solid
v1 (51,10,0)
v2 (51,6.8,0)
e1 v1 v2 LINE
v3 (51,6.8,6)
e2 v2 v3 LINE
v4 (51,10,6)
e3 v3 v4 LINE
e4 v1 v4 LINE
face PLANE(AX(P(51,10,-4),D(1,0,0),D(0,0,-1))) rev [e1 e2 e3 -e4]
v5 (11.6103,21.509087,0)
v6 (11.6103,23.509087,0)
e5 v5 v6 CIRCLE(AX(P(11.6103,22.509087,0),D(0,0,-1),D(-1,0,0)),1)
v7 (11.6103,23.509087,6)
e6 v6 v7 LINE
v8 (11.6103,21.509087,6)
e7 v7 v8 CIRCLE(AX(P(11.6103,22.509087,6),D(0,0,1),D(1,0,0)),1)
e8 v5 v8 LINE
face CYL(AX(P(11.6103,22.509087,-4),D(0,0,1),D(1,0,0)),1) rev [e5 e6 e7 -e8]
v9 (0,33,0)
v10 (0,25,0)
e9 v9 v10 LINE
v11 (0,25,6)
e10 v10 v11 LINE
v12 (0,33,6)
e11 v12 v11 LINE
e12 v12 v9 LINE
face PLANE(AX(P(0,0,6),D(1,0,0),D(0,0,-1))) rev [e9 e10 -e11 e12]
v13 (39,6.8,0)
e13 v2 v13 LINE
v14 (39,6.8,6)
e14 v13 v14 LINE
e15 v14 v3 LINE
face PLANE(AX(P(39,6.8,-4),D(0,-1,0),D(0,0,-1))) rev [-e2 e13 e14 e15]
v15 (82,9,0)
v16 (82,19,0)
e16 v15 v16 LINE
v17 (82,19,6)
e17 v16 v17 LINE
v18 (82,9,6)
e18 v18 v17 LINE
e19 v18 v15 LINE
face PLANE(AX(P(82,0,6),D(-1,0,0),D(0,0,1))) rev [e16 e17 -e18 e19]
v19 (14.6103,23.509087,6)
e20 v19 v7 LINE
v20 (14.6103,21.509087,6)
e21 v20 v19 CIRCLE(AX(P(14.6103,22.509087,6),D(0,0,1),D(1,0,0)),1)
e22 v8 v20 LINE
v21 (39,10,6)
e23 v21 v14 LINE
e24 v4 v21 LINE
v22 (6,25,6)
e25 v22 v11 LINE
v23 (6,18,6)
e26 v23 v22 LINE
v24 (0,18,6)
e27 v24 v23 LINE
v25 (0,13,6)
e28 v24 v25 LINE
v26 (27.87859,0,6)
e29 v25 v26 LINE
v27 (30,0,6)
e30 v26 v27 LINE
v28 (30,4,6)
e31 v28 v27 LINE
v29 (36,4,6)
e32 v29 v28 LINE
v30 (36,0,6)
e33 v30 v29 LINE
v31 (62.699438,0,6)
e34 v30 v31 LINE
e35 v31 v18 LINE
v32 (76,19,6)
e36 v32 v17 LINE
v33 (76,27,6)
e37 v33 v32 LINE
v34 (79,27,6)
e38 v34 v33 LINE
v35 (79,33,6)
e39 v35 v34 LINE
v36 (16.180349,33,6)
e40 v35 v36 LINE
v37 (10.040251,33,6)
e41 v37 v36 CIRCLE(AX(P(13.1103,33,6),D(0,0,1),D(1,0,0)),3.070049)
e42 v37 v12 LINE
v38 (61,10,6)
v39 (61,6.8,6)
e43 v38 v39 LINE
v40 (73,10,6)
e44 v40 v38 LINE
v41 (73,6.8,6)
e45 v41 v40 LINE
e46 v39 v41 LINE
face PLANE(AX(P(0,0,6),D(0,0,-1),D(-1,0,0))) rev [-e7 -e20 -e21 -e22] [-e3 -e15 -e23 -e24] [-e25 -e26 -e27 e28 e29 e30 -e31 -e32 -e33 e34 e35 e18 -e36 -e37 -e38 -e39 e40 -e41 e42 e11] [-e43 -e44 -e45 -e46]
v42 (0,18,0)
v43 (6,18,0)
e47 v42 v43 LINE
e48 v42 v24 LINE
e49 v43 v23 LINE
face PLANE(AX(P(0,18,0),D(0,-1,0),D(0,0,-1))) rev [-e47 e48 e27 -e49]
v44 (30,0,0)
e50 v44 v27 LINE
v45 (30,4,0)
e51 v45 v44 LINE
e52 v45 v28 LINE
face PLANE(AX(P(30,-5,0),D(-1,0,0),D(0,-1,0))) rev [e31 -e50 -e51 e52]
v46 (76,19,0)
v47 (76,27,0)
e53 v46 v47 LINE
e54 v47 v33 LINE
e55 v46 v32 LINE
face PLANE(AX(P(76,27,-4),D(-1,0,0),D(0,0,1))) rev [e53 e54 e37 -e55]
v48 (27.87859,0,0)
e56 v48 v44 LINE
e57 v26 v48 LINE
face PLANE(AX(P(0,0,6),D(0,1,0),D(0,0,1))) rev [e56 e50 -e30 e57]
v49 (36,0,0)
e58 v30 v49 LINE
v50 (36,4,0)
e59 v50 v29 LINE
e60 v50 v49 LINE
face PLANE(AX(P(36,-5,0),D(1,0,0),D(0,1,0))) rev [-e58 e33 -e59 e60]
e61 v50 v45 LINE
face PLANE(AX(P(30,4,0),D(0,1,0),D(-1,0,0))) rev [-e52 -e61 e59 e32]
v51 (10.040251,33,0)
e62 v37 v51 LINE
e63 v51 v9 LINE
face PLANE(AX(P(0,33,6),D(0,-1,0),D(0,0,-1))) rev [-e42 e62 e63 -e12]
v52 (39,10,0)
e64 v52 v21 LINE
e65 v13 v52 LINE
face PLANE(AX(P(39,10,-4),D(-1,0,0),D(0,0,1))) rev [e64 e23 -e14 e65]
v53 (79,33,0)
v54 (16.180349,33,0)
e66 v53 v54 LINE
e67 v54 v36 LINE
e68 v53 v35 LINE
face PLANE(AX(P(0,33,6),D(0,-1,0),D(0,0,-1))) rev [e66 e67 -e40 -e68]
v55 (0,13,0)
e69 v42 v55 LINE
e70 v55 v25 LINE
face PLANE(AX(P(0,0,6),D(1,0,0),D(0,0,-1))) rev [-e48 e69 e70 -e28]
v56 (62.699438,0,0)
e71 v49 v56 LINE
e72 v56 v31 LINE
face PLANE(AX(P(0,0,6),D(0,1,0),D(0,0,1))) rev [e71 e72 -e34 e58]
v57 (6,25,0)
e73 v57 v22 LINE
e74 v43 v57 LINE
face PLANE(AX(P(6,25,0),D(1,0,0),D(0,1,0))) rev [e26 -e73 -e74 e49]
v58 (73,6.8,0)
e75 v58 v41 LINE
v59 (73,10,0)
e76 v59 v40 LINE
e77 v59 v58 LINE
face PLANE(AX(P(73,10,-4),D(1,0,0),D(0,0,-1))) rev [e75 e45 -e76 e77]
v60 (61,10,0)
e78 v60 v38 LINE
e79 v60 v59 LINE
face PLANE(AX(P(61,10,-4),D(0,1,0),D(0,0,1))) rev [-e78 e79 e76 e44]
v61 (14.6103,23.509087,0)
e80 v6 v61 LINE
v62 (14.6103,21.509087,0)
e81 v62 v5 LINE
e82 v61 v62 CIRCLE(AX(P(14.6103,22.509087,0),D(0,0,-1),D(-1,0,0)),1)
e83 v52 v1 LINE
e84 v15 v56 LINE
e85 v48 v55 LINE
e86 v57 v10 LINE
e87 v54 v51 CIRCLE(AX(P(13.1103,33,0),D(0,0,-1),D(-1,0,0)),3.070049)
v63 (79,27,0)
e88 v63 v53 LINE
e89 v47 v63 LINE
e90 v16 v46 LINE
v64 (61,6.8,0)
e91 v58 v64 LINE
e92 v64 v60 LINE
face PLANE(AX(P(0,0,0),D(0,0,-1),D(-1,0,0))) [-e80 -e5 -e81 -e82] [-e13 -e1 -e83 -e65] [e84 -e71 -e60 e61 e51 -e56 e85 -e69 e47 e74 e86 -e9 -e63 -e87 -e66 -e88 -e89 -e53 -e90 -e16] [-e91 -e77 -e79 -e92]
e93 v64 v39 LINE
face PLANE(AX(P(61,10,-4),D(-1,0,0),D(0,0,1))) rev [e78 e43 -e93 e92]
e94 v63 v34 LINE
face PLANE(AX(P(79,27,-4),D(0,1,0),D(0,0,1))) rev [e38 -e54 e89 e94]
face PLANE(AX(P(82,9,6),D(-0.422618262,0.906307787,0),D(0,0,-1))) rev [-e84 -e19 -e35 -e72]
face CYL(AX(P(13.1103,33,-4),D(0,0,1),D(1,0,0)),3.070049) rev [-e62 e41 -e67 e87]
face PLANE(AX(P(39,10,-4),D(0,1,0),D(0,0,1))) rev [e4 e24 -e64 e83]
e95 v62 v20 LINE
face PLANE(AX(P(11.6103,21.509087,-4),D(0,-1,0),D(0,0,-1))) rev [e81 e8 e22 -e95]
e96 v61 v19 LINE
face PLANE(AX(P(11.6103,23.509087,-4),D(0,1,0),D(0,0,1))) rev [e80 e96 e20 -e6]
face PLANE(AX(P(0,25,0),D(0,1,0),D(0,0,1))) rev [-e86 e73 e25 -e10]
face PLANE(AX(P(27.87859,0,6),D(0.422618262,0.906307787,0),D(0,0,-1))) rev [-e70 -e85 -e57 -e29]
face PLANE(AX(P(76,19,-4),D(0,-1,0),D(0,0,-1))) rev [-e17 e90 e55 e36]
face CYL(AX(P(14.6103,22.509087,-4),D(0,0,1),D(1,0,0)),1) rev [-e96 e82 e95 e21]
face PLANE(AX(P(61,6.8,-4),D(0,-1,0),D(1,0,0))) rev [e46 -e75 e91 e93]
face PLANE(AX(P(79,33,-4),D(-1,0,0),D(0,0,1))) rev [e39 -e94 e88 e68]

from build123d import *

# Parameters (mm, degrees)
ESQUISSE1_W             = 82
ESQUISSE1_H             = 33
BOSS_EXTRU_1_DEPTH      = 6
ENL_V_MAT_EXTRU_1_DEPTH = 10
ESQUISSE3_W             = 6
ESQUISSE3_H             = 7
ENL_V_MAT_EXTRU_2_DEPTH = 89.594582227
CHANFREIN1_SIZE         = 13
CHANFREIN1_SIZE2        = 27.878589967
CHANFREIN2_SIZE         = 9
CHANFREIN2_SIZE2        = 19.300562285
ESQUISSE4_W             = 12
ESQUISSE4_H             = 3.2
ENL_V_MAT_EXTRU_3_DEPTH = 10
ESQUISSE5_R             = 3.070048726
ENL_V_MAT_EXTRU_4_DEPTH = 10
ESQUISSE6_W             = 6
ESQUISSE6_H             = 9
ENL_V_MAT_EXTRU_5_DEPTH = 89.594582227


with BuildPart() as part:
    # Esquisse1 → Boss.-Extru.1 (new body)
    with BuildSketch(Plane.XY):
        with Locations((41, 16.5)):
            Rectangle(ESQUISSE1_W, ESQUISSE1_H)
    extrude(amount=BOSS_EXTRU_1_DEPTH)

    # Esquisse2 → Enlèv. mat.-Extru.1 (cut)
    with BuildSketch(Plane.XY.offset(6)):
        Polygon((82, 33), (79, 33), (79, 27), (76, 27), (76, 19), (82, 19), align=None)
    extrude(amount=-ENL_V_MAT_EXTRU_1_DEPTH, mode=Mode.SUBTRACT)

    # Esquisse3 → Enlèv. mat.-Extru.2 (cut, through all)
    with BuildSketch(Plane.XY.offset(6)):
        with Locations((3, 21.5)):
            Rectangle(ESQUISSE3_W, ESQUISSE3_H)
    extrude(amount=-ENL_V_MAT_EXTRU_2_DEPTH, mode=Mode.SUBTRACT)

    # Chanfrein1
    chanfrein1_edges = [part.edges().sort_by_distance(p)[0] for p in [
        (0, 0, 3),
    ]]
    chanfrein1_side = [part.faces().sort_by_distance(p)[0] for p in [
        (0, 9, 3),
    ]]
    chamfer(chanfrein1_edges, length=CHANFREIN1_SIZE, length2=CHANFREIN1_SIZE2, reference=chanfrein1_side[0])

    # Chanfrein2
    chanfrein2_edges = [part.edges().sort_by_distance(p)[0] for p in [
        (82, 0, 3),
    ]]
    chanfrein2_side = [part.faces().sort_by_distance(p)[0] for p in [
        (82, 9.5, 3),
    ]]
    chamfer(chanfrein2_edges, length=CHANFREIN2_SIZE, length2=CHANFREIN2_SIZE2, reference=chanfrein2_side[0])

    # Esquisse4 → Enlèv. mat.-Extru.3 (cut)
    with BuildSketch(Plane.XY.offset(6)):
        with Locations((45, 8.4)):
            Rectangle(ESQUISSE4_W, ESQUISSE4_H)
        with Locations((67, 8.4)):
            Rectangle(ESQUISSE4_W, ESQUISSE4_H)
    extrude(amount=-ENL_V_MAT_EXTRU_3_DEPTH, mode=Mode.SUBTRACT)

    # Esquisse5 → Enlèv. mat.-Extru.4 (cut)
    with BuildSketch(Plane.XY.offset(6)):
        with Locations((13.110300044, 33)):
            Circle(ESQUISSE5_R)
        with BuildLine():
            Line((448.809841118, 61.994892284), (448.809841118, 59.994892284))
            ThreePointArc((448.809841118, 59.994892284), (447.809841118, 58.994892284), (446.809841118, 59.994892284))
            Line((446.809841118, 59.994892284), (446.809841118, 61.994892284))
            ThreePointArc((446.809841118, 61.994892284), (447.809841118, 62.994892284), (448.809841118, 61.994892284))
        make_face()
        with BuildLine():
            Line((442.809841118, 61.994892284), (442.809841118, 59.994892284))
            ThreePointArc((442.809841118, 59.994892284), (441.809841118, 58.994892284), (440.809841118, 59.994892284))
            Line((440.809841118, 59.994892284), (440.809841118, 61.994892284))
            ThreePointArc((440.809841118, 61.994892284), (441.809841118, 62.994892284), (442.809841118, 61.994892284))
        make_face()
        with BuildLine():
            Line((442.809841118, 86.994892284), (442.809841118, 84.994892284))
            ThreePointArc((442.809841118, 84.994892284), (441.809841118, 83.994892284), (440.809841118, 84.994892284))
            Line((440.809841118, 84.994892284), (440.809841118, 86.994892284))
            ThreePointArc((440.809841118, 86.994892284), (441.809841118, 87.994892284), (442.809841118, 86.994892284))
        make_face()
        with BuildLine():
            Line((442.809841118, 111.994892284), (442.809841118, 109.994892284))
            ThreePointArc((442.809841118, 109.994892284), (441.809841118, 108.994892284), (440.809841118, 109.994892284))
            Line((440.809841118, 109.994892284), (440.809841118, 111.994892284))
            ThreePointArc((440.809841118, 111.994892284), (441.809841118, 112.994892284), (442.809841118, 111.994892284))
        make_face()
        with BuildLine():
            Line((442.809841118, 136.994892284), (442.809841118, 134.994892284))
            ThreePointArc((442.809841118, 134.994892284), (441.809841118, 133.994892284), (440.809841118, 134.994892284))
            Line((440.809841118, 134.994892284), (440.809841118, 136.994892284))
            ThreePointArc((440.809841118, 136.994892284), (441.809841118, 137.994892284), (442.809841118, 136.994892284))
        make_face()
        with BuildLine():
            Line((448.809841118, 86.994892284), (448.809841118, 84.994892284))
            ThreePointArc((448.809841118, 84.994892284), (447.809841118, 83.994892284), (446.809841118, 84.994892284))
            Line((446.809841118, 84.994892284), (446.809841118, 86.994892284))
            ThreePointArc((446.809841118, 86.994892284), (447.809841118, 87.994892284), (448.809841118, 86.994892284))
        make_face()
        with BuildLine():
            Line((448.809841118, 111.994892284), (448.809841118, 109.994892284))
            ThreePointArc((448.809841118, 109.994892284), (447.809841118, 108.994892284), (446.809841118, 109.994892284))
            Line((446.809841118, 109.994892284), (446.809841118, 111.994892284))
            ThreePointArc((446.809841118, 111.994892284), (447.809841118, 112.994892284), (448.809841118, 111.994892284))
        make_face()
        with BuildLine():
            Line((448.809841118, 136.994892284), (448.809841118, 134.994892284))
            ThreePointArc((448.809841118, 134.994892284), (447.809841118, 133.994892284), (446.809841118, 134.994892284))
            Line((446.809841118, 134.994892284), (446.809841118, 136.994892284))
            ThreePointArc((446.809841118, 136.994892284), (447.809841118, 137.994892284), (448.809841118, 136.994892284))
        make_face()
        with BuildLine():
            Line((11.610300044, 23.509087354), (14.610300044, 23.509087354))
            ThreePointArc((14.610300044, 23.509087354), (15.610300044, 22.509087354), (14.610300044, 21.509087354))
            Line((14.610300044, 21.509087354), (11.610300044, 21.509087354))
            ThreePointArc((11.610300044, 21.509087354), (10.610300044, 22.509087354), (11.610300044, 23.509087354))
        make_face()
    extrude(amount=-ENL_V_MAT_EXTRU_4_DEPTH, mode=Mode.SUBTRACT)

    # Esquisse6 → Enlèv. mat.-Extru.5 (cut, through all)
    with BuildSketch(Plane.XY.offset(6)):
        with Locations((33, -0.5)):
            Rectangle(ESQUISSE6_W, ESQUISSE6_H)
    extrude(amount=-ENL_V_MAT_EXTRU_5_DEPTH, mode=Mode.SUBTRACT)


solid = part.part
